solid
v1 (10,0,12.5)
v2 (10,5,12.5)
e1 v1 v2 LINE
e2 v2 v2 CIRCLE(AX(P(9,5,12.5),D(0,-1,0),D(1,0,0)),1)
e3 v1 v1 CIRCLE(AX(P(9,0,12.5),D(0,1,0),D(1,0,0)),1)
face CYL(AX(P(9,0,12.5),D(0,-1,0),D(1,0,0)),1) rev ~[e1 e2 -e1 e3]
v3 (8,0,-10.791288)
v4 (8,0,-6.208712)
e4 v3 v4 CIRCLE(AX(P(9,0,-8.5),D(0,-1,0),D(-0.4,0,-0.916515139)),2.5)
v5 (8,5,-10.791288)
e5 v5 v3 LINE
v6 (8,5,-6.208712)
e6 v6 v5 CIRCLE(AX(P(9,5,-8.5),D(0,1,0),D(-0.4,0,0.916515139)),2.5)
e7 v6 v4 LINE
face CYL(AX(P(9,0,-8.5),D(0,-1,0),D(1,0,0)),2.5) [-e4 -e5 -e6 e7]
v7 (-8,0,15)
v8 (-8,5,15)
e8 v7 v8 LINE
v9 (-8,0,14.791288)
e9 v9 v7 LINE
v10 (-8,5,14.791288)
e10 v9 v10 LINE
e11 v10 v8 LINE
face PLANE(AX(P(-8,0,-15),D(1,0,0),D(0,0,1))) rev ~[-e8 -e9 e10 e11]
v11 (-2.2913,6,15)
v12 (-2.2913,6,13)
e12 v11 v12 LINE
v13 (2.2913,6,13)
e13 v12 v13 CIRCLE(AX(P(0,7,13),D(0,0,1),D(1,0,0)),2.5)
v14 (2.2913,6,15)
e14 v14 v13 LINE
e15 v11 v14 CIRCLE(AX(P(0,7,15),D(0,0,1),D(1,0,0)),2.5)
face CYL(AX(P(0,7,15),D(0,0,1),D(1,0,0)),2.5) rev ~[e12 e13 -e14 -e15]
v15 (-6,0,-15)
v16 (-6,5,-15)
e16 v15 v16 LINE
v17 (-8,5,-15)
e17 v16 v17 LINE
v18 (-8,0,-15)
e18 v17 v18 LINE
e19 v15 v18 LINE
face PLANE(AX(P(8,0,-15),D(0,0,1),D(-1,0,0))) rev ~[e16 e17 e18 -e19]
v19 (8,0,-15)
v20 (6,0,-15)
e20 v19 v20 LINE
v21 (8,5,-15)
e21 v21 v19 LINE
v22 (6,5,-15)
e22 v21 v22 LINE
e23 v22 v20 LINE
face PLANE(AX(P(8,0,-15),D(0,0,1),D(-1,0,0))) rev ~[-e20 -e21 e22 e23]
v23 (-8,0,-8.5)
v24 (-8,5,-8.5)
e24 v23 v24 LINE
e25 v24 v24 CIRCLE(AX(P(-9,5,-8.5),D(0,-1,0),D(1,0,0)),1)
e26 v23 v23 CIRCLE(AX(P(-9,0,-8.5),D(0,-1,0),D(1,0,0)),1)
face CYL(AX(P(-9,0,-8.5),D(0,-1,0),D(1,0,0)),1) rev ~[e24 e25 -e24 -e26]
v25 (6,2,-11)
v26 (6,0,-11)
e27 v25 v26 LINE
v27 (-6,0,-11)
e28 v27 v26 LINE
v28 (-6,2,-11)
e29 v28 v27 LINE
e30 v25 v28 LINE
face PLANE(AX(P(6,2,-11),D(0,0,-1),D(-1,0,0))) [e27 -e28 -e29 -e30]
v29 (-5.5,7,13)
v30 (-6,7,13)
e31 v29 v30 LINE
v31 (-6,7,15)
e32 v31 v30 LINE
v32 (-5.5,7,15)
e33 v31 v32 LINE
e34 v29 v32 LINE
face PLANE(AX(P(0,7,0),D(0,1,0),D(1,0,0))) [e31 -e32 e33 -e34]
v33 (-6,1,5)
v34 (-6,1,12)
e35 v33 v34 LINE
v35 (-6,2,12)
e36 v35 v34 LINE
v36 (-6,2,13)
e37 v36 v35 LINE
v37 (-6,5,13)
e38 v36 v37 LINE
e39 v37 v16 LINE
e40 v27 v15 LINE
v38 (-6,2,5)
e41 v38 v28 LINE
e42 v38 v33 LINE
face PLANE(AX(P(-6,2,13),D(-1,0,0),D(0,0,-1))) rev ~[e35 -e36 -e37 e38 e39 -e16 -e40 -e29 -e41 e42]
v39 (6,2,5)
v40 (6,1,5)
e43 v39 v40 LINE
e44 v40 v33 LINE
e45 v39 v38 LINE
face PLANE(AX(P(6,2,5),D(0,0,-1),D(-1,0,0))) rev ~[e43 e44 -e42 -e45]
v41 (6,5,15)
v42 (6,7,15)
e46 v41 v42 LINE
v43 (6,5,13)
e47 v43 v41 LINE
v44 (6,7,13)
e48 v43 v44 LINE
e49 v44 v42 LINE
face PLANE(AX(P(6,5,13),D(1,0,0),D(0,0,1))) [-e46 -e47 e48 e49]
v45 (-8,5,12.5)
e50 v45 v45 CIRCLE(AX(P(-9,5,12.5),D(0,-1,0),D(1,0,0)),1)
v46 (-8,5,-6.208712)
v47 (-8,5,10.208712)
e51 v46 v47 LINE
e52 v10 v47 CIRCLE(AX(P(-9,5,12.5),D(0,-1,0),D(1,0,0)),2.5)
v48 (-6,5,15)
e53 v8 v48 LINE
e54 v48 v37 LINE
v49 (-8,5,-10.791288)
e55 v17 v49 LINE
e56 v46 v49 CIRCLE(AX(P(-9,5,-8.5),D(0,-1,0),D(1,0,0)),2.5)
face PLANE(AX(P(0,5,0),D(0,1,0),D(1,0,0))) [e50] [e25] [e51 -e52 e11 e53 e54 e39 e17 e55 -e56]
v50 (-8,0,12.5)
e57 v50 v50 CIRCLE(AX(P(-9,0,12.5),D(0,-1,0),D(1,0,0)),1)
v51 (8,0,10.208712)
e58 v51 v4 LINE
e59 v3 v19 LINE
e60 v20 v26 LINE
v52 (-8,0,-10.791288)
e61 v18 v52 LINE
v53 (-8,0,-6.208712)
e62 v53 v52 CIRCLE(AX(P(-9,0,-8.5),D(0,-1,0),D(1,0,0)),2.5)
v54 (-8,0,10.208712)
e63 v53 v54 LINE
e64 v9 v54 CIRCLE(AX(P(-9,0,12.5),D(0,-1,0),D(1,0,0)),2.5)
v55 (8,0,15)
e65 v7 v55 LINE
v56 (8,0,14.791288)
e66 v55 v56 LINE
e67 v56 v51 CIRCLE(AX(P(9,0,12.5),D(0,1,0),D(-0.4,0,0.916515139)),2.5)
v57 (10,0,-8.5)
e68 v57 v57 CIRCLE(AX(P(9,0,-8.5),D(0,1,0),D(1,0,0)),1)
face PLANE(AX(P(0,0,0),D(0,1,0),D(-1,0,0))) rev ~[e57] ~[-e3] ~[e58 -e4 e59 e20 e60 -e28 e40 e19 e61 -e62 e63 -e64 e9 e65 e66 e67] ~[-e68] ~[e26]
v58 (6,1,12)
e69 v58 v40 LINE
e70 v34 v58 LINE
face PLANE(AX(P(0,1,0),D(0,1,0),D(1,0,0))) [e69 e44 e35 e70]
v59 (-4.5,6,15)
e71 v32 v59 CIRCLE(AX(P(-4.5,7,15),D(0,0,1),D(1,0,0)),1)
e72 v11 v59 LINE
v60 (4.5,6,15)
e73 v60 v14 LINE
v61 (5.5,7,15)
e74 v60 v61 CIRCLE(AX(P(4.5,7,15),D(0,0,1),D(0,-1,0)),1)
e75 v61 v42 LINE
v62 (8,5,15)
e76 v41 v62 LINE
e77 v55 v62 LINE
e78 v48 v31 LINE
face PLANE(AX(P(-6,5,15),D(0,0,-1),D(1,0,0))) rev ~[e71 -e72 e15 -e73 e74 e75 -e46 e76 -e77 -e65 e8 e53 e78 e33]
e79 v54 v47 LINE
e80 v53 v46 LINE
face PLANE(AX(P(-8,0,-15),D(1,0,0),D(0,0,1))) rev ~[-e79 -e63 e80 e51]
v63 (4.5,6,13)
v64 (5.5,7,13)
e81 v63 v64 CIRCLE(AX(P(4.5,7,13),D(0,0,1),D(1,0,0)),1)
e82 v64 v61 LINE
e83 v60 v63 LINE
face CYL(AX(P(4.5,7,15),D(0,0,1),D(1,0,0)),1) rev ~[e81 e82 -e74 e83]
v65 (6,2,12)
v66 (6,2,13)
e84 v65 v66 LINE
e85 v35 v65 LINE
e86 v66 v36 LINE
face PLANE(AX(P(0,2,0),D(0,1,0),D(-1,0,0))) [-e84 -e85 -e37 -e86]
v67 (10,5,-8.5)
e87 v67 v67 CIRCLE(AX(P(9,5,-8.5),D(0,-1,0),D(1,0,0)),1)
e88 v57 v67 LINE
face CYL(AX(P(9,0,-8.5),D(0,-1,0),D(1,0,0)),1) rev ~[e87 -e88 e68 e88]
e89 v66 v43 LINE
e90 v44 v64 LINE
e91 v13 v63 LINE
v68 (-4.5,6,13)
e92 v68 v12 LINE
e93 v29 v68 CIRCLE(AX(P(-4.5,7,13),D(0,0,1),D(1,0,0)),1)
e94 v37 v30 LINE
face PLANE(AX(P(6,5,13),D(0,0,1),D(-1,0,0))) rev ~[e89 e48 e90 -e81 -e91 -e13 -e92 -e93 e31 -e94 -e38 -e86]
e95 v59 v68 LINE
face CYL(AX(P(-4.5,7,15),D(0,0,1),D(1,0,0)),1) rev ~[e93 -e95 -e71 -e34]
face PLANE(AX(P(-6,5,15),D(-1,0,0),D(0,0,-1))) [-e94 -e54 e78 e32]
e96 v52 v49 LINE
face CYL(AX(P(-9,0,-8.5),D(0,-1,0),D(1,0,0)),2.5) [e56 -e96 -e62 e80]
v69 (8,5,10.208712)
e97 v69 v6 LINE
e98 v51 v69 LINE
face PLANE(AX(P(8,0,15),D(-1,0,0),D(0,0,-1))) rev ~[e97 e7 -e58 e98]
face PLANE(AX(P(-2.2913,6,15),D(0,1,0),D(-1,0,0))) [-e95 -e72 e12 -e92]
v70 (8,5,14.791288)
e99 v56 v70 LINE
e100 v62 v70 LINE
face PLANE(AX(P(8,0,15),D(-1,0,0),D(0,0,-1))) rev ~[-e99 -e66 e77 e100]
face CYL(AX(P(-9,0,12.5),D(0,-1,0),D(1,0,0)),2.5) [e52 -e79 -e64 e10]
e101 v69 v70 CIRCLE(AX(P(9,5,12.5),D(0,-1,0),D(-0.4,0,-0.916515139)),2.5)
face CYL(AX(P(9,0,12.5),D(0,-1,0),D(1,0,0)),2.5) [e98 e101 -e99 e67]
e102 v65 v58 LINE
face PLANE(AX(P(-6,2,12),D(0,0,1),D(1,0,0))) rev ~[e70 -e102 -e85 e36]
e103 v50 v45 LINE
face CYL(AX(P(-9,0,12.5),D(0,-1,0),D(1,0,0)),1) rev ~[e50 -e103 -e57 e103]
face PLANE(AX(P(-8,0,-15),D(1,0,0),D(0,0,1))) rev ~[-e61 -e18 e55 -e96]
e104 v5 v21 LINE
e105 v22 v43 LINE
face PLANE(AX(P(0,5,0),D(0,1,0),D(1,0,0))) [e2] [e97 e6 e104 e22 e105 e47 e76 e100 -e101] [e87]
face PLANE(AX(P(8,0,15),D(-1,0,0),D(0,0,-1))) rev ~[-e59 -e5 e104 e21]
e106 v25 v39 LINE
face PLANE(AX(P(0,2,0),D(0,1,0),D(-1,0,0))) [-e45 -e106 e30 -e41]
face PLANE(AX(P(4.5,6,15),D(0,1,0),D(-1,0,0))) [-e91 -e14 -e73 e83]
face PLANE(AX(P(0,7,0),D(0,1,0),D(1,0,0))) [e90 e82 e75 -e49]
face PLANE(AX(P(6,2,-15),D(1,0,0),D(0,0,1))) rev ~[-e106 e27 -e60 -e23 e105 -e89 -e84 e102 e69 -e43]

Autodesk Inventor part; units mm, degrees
ref_plane "YZ Plane" through (0, 0, 0) normal (1, 0, 0) x (0, 1, 0)
ref_plane "XZ Plane" through (0, 0, 0) normal (0, 1, 0) x (-1, 0, 0)
ref_plane "XY Plane" through (0, 0, 0) normal (0, 0, 1) x (1, 0, 0)
sketch "Sketch1" plane through (0, 0, 0) normal (0, 1, 0) x (-1, 0, 0)
  line L0 (8, 15) -> (-8, 15)
  line L1 (-8, 15) -> (-8, -15)
  line L2 (-8, -15) -> (8, -15)
  line L3 (8, -15) -> (8, 15)
  line L4 (8, 15) -> (-8, -15) construction
  line L5 (-8, 15) -> (8, -15) construction
  point P0 (0, 0)
  dimension "d0" = 16
  dimension "d1" = 30
extrude "Extrusion1" add sketch "Sketch1" along normal blind 2
sketch "Sketch2" plane through (0, 2, 0) normal (0, 1, 0) x (1, 0, 0)
  line L0 (8, 15) -> (-8, 15) projected
  line L1 (-6, 15) -> (6, 15)
  line L2 (6, 15) -> (6, -13)
  line L3 (6, -13) -> (-6, -13)
  line L4 (-6, -13) -> (-6, 15)
  line L5 (8, -15) -> (8, 15) projected
  line L6 (-8, 15) -> (-8, -15) projected
  line L7 (-8, -15) -> (8, -15) projected
  point P0 (0, 0)
  dimension "d4" = 2
  dimension "d5" = 2
  dimension "d6" = 2
extrude "Extrusion2" add sketch "Sketch2" along normal blind 3 contours L5 L7 L6 L0 L4 L3 L2
sketch "Sketch4" plane through (0, 5, 0) normal (0, 1, 0) x (1, 0, 0)
  line L0 (6, -13) -> (-6, -13) projected
  line L1 (-8, -15) -> (8, -15) projected
  line L2 (-6, -13) -> (6, -13)
  line L3 (6, -13) -> (6, -15)
  line L4 (6, -15) -> (-6, -15)
  line L5 (-6, -15) -> (-6, -13)
  line L6 (6, 15) -> (6, -13) projected
  point P0 (0, 0)
extrude "Extrusion3" add sketch "Sketch4" along normal blind 2
sketch "Sketch3" plane through (-8, 0, 15) normal (0, 0, 1) x (1, 0, 0)
  line L0 (14, 2) -> (2, 2) construction
  line L1 (2, 2) -> (14, 2) construction
  circle A0 centre (8, 7) radius 2.5
  line L2 (8, 11.4) -> (8, -1.9) construction
  line L3 (3.5, 7) -> (12.5, 7) construction
  circle A1 centre (3.5, 7) radius 1
  circle A2 centre (12.5, 7) radius 1
  line L4 (3.5, 8) -> (5.7087, 8)
  line L5 (12.5, 8) -> (10.2913, 8)
  line L6 (12.5, 6) -> (10.2913, 6)
  line L7 (5.7087, 6) -> (3.5, 6)
  point P0 (8, 0)
  dimension "d9" = 5
  dimension "d10" = 5
  dimension "d11" = 9
  dimension "d12" = 2
  dimension "d13" = 2
extrude "Extrusion4" cut sketch "Sketch3" against normal up to next
sketch "Sketch8" plane through (0, 2, 0) normal (0, 1, 0) x (1, 0, 0)
  line L0 (-6, 15) -> (-6, -13) projected
  line L1 (6, -13) -> (6, 15) projected
  line L2 (-6, 15) -> (6, 15)
  line L3 (6, 15) -> (6, 11)
  line L4 (6, 11) -> (-6, 11)
  line L5 (-6, 11) -> (-6, 15)
  line L6 (-2.2913, -13) -> (2.2913, -13) projected
  point P0 (0, 0)
  dimension "d28" = 24
extrude "Extrusion7" cut sketch "Sketch8" against normal up to next
sketch "Sketch9" plane through (0, 2, 0) normal (0, 1, 0) x (1, 0, 0)
  line L0 (-6, 11) -> (-6, -13) projected
  line L1 (6, -13) -> (6, 11) projected
  line L2 (-6, -12) -> (6, -12)
  line L3 (6, -12) -> (6, -5)
  line L4 (6, -5) -> (-6, -5)
  line L5 (-6, -5) -> (-6, -12)
  line L6 (-2.2913, -13) -> (2.2913, -13) projected
  point P0 (0, 0)
  point P1 (-6, -5)
  dimension "d31" = 1
  dimension "d32" = 7
extrude "Extrusion8" cut sketch "Sketch9" against normal blind 1
sketch "Sketch10" plane through (0, 0, 0) normal (0, -1, 0) x (1, 0, 0)
  circle A0 centre (-9, 12.5) radius 1
  circle A1 centre (-9, 12.5) radius 2.5
  line L0 (-8, -15) -> (-8, 15) projected
  line L1 (-8, 15) -> (8, 15) projected
  line L2 (8, 15) -> (8, -15) projected
  line L3 (-8, 15) -> (-6, 15) projected
  circle A2 centre (-9, -8.5) radius 1
  circle A3 centre (-9, -8.5) radius 2.5
  circle A4 centre (9, 12.5) radius 1
  circle A5 centre (9, 12.5) radius 2.5
  circle A6 centre (9, -8.5) radius 1
  circle A7 centre (9, -8.5) radius 2.5
  line L4 (6, -11) -> (-6, -11) projected
  point P0 (0, 0)
  point P1 (-8, -6)
  point P2 (10, 15)
  point P3 (10, -6)
  point P4 (-8, 12.5)
  point P5 (-8, 14.7913)
  point P6 (-8, 10.2087)
  point P7 (-8, -6.2087)
  point P8 (-8, -10.7913)
  point P9 (-8, -8.5)
  point P10 (8, 14.7913)
  point P11 (8, 12.5)
  point P12 (8, 10.2087)
  dimension "d35" = 2
  dimension "d36" = 1.5
  dimension "d38" = 16
  dimension "d41" = 21
  dimension "d44" = 18
  dimension "d49" = 26
extrude "Extrusion9" add sketch "Sketch10" against normal up to surface (5 mm away) contours L0 A1 | A7 L2 | L2 A7 | A5 L2 | L0 A3 picked at (-10.9649, 12.2158) picked at (10.9649, 12.2158) picked at (-10.9649, -8.7842)
equation "\"d5\" = d4"
equation "\"d6\" = d4"
equation "\"d41\" = -2 * d36 + d49 - d35"
properties part number "motor_top"
